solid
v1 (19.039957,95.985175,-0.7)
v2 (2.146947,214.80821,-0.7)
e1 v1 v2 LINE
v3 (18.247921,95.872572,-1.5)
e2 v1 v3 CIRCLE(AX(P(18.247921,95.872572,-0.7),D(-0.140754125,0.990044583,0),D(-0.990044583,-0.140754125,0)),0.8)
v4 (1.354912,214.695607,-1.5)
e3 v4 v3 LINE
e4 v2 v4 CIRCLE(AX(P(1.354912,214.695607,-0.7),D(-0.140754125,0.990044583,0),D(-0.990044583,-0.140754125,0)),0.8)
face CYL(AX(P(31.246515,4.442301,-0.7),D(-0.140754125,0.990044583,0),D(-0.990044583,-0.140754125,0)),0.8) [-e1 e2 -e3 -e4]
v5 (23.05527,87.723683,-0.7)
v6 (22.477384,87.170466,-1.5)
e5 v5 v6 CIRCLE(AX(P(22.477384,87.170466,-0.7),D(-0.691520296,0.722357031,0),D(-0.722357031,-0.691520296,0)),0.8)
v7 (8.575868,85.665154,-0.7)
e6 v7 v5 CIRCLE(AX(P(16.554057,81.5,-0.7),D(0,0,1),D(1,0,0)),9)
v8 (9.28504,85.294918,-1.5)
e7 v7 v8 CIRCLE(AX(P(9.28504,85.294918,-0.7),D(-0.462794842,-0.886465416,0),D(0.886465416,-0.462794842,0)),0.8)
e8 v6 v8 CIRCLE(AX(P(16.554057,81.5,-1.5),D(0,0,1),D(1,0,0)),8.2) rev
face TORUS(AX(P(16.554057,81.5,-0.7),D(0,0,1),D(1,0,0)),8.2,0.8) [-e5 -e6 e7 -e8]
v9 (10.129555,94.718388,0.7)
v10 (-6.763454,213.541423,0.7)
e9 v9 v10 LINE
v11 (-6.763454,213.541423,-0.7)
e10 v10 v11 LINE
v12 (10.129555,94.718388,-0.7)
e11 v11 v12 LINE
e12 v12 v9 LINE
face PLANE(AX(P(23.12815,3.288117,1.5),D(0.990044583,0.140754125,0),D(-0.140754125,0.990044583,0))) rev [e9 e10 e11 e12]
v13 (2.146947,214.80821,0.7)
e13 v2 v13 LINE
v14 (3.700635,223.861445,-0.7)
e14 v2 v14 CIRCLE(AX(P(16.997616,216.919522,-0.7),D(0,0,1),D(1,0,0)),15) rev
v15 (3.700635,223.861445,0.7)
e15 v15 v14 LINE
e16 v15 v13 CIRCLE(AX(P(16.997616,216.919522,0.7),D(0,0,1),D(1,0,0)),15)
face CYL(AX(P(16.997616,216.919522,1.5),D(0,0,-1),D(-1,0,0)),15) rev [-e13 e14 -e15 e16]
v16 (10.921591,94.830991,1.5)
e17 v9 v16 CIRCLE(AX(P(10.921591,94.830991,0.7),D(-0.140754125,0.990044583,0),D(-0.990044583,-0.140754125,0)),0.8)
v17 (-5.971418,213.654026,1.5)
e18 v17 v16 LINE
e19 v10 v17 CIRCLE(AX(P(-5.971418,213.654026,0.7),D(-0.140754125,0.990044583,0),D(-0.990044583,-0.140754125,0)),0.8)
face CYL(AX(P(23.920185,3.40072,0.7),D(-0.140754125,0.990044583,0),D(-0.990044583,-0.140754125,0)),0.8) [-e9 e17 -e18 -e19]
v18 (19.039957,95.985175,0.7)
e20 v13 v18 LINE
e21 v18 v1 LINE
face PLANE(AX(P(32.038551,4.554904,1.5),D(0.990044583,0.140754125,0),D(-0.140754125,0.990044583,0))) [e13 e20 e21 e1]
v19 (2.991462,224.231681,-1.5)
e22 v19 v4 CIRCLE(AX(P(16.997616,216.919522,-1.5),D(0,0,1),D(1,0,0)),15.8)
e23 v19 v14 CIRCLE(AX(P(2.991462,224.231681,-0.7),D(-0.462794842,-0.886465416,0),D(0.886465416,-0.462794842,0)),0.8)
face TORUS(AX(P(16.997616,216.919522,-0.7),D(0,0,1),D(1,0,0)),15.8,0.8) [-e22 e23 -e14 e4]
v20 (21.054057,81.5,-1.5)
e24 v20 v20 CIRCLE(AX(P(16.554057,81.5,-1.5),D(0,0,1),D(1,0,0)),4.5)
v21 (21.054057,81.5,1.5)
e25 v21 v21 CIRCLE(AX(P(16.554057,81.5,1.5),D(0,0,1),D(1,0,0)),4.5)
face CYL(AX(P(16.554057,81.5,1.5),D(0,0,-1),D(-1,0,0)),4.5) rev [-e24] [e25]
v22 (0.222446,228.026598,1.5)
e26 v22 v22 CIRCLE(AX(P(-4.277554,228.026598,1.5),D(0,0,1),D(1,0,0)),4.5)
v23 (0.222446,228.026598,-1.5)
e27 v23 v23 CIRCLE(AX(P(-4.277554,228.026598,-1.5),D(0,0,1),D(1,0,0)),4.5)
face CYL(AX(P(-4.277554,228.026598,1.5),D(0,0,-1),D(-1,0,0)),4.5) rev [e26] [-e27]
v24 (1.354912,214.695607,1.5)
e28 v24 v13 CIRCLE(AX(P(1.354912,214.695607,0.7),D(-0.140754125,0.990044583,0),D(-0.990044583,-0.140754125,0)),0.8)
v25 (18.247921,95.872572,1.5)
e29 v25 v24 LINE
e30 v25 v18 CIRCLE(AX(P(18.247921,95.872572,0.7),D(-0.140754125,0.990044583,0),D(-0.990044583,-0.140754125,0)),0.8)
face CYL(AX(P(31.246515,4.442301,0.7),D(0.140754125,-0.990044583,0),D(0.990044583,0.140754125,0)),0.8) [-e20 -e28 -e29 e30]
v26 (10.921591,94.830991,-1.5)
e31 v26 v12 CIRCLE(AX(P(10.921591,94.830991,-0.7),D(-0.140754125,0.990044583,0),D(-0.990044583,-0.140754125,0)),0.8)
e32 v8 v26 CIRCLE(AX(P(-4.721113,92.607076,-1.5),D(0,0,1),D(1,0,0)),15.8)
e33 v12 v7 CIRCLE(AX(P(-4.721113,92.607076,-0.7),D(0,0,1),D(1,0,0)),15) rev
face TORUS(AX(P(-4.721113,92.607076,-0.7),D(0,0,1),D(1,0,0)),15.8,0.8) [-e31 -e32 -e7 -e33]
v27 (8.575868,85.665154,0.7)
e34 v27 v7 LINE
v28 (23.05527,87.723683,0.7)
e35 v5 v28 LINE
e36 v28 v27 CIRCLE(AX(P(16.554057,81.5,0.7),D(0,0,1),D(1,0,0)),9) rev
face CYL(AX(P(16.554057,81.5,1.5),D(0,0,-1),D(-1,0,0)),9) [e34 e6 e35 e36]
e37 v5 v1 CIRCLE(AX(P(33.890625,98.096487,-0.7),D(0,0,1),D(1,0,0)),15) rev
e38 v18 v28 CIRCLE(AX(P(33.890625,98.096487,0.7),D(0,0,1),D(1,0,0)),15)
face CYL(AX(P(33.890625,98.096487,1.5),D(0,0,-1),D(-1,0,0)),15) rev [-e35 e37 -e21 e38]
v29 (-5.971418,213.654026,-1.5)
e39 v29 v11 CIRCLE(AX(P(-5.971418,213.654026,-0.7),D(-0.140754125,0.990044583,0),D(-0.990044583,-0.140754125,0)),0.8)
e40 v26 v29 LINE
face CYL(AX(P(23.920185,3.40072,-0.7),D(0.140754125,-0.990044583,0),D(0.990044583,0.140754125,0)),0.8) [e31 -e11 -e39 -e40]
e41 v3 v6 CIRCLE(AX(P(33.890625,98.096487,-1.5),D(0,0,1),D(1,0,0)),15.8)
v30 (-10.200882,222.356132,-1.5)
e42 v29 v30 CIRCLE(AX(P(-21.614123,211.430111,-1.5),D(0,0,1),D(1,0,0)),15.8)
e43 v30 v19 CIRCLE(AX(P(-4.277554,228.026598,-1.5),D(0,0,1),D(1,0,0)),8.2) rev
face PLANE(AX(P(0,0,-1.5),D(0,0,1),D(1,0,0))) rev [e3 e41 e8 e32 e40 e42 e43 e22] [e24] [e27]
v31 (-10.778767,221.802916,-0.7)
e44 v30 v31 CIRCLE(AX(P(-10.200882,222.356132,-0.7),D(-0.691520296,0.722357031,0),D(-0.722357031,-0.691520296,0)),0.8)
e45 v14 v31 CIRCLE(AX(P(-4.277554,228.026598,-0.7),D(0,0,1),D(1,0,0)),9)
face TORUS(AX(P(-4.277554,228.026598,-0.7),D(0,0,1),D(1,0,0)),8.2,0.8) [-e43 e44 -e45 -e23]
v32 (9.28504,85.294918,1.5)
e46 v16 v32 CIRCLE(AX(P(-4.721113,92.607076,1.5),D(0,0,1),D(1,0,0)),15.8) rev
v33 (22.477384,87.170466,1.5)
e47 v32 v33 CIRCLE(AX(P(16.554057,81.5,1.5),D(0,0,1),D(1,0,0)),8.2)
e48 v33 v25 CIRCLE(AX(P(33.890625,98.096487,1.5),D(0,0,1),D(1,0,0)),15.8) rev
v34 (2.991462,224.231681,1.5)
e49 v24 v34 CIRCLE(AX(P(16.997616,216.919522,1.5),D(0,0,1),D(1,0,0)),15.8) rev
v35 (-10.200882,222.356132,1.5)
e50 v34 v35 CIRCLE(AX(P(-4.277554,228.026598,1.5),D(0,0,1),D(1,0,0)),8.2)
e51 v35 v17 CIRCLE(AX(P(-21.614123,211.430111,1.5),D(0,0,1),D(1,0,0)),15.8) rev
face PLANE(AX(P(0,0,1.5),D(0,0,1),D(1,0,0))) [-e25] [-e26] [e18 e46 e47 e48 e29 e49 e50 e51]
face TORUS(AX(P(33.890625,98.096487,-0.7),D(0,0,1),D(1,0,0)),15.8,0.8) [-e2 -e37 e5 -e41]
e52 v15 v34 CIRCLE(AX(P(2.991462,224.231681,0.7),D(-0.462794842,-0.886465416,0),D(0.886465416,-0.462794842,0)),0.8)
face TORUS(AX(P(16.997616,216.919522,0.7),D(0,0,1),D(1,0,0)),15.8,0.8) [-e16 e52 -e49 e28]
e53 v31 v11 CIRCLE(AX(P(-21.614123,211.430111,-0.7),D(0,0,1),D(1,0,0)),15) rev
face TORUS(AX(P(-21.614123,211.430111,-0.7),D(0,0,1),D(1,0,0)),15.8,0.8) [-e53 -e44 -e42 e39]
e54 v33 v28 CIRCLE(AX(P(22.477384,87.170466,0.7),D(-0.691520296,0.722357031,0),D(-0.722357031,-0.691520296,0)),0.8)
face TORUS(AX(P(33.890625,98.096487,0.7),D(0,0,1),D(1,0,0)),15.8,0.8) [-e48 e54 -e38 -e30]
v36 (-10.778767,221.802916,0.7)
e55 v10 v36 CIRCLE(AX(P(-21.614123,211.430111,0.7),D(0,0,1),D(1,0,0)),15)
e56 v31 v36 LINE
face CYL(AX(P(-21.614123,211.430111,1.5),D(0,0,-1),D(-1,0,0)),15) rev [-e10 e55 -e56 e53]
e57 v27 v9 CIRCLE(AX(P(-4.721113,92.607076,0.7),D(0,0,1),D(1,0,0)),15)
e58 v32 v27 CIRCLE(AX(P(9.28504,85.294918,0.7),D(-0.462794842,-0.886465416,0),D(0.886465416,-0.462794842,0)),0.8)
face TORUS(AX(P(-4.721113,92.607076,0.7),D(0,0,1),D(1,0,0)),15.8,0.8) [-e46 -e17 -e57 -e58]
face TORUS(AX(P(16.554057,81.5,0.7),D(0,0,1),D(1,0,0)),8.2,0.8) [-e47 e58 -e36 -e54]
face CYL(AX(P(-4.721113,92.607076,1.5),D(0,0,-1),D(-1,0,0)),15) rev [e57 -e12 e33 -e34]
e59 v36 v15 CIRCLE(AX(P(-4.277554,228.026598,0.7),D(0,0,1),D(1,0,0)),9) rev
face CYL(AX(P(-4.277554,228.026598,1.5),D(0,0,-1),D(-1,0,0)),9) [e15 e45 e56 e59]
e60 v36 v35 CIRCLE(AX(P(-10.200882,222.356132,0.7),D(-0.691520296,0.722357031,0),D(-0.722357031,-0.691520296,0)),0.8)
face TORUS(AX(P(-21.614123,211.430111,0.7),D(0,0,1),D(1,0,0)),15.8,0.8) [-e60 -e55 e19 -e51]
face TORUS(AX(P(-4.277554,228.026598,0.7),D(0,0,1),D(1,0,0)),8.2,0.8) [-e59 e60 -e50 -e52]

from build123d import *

# Parameters (mm, degrees)
SKETCH2_R           = 4.5
BOSS_EXTRUDE1_DEPTH = 1.5
FILLET2_R           = 15
FILLET1_R           = 0.8


with BuildPart() as part:
    # Sketch2 → Boss-Extrude1 (new, symmetric)
    with BuildSketch(Plane.XY):
        with BuildLine():
            Line((1.274716536, 220.943357999), (19.912187432, 89.850027402))
            ThreePointArc((19.912187432, 89.850027402), (17.820843773, 72.589598754), (11.001786186, 88.583240273))
            Line((11.001786186, 88.583240273), (-7.635684711, 219.67657087))
            ThreePointArc((-7.635684711, 219.67657087), (-5.544341051, 236.936999518), (1.274716536, 220.943357999))
        make_face()
        with Locations((-4.277553922, 228.026598272)):
            Circle(SKETCH2_R, mode=Mode.SUBTRACT)
        with Locations((16.554056644, 81.5)):
            Circle(SKETCH2_R, mode=Mode.SUBTRACT)
    extrude(amount=BOSS_EXTRUDE1_DEPTH, both=True)

    # Fillet2
    fillet2_edges = [part.edges().sort_by_distance(p)[0] for p in [
        (-7.635684711, 219.67657087, 0),
        (1.274716536, 220.943357999, 0),
        (19.912187432, 89.850027402, 0),
        (11.001786186, 88.583240273, 0),
    ]]
    fillet(fillet2_edges, radius=FILLET2_R)

    # Fillet1
    fillet1_edges = [part.edges().sort_by_distance(p)[0] for p in [
        (-5.544341051, 236.936999518, -1.5),
        (-5.544341051, 236.936999518, 1.5),
        (10.593451984, 155.396692701, -1.5),
        (10.593451984, 155.396692701, 1.5),
        (17.820843773, 72.589598754, -1.5),
        (17.820843773, 72.589598754, 1.5),
        (1.683050738, 154.129905572, -1.5),
        (1.683050738, 154.129905572, 1.5),
        (2.213746014, 219.456683126, -1.5),
        (2.213746014, 219.456683126, 1.5),
        (20.399664536, 91.539507977, -1.5),
        (20.399664536, 91.539507977, 1.5),
        (10.062756708, 90.069915146, -1.5),
        (10.062756708, 90.069915146, 1.5),
        (-8.123161814, 217.987090295, -1.5),
        (-8.123161814, 217.987090295, 1.5),
    ]]
    fillet(fillet1_edges, radius=FILLET1_R)


solid = part.part
